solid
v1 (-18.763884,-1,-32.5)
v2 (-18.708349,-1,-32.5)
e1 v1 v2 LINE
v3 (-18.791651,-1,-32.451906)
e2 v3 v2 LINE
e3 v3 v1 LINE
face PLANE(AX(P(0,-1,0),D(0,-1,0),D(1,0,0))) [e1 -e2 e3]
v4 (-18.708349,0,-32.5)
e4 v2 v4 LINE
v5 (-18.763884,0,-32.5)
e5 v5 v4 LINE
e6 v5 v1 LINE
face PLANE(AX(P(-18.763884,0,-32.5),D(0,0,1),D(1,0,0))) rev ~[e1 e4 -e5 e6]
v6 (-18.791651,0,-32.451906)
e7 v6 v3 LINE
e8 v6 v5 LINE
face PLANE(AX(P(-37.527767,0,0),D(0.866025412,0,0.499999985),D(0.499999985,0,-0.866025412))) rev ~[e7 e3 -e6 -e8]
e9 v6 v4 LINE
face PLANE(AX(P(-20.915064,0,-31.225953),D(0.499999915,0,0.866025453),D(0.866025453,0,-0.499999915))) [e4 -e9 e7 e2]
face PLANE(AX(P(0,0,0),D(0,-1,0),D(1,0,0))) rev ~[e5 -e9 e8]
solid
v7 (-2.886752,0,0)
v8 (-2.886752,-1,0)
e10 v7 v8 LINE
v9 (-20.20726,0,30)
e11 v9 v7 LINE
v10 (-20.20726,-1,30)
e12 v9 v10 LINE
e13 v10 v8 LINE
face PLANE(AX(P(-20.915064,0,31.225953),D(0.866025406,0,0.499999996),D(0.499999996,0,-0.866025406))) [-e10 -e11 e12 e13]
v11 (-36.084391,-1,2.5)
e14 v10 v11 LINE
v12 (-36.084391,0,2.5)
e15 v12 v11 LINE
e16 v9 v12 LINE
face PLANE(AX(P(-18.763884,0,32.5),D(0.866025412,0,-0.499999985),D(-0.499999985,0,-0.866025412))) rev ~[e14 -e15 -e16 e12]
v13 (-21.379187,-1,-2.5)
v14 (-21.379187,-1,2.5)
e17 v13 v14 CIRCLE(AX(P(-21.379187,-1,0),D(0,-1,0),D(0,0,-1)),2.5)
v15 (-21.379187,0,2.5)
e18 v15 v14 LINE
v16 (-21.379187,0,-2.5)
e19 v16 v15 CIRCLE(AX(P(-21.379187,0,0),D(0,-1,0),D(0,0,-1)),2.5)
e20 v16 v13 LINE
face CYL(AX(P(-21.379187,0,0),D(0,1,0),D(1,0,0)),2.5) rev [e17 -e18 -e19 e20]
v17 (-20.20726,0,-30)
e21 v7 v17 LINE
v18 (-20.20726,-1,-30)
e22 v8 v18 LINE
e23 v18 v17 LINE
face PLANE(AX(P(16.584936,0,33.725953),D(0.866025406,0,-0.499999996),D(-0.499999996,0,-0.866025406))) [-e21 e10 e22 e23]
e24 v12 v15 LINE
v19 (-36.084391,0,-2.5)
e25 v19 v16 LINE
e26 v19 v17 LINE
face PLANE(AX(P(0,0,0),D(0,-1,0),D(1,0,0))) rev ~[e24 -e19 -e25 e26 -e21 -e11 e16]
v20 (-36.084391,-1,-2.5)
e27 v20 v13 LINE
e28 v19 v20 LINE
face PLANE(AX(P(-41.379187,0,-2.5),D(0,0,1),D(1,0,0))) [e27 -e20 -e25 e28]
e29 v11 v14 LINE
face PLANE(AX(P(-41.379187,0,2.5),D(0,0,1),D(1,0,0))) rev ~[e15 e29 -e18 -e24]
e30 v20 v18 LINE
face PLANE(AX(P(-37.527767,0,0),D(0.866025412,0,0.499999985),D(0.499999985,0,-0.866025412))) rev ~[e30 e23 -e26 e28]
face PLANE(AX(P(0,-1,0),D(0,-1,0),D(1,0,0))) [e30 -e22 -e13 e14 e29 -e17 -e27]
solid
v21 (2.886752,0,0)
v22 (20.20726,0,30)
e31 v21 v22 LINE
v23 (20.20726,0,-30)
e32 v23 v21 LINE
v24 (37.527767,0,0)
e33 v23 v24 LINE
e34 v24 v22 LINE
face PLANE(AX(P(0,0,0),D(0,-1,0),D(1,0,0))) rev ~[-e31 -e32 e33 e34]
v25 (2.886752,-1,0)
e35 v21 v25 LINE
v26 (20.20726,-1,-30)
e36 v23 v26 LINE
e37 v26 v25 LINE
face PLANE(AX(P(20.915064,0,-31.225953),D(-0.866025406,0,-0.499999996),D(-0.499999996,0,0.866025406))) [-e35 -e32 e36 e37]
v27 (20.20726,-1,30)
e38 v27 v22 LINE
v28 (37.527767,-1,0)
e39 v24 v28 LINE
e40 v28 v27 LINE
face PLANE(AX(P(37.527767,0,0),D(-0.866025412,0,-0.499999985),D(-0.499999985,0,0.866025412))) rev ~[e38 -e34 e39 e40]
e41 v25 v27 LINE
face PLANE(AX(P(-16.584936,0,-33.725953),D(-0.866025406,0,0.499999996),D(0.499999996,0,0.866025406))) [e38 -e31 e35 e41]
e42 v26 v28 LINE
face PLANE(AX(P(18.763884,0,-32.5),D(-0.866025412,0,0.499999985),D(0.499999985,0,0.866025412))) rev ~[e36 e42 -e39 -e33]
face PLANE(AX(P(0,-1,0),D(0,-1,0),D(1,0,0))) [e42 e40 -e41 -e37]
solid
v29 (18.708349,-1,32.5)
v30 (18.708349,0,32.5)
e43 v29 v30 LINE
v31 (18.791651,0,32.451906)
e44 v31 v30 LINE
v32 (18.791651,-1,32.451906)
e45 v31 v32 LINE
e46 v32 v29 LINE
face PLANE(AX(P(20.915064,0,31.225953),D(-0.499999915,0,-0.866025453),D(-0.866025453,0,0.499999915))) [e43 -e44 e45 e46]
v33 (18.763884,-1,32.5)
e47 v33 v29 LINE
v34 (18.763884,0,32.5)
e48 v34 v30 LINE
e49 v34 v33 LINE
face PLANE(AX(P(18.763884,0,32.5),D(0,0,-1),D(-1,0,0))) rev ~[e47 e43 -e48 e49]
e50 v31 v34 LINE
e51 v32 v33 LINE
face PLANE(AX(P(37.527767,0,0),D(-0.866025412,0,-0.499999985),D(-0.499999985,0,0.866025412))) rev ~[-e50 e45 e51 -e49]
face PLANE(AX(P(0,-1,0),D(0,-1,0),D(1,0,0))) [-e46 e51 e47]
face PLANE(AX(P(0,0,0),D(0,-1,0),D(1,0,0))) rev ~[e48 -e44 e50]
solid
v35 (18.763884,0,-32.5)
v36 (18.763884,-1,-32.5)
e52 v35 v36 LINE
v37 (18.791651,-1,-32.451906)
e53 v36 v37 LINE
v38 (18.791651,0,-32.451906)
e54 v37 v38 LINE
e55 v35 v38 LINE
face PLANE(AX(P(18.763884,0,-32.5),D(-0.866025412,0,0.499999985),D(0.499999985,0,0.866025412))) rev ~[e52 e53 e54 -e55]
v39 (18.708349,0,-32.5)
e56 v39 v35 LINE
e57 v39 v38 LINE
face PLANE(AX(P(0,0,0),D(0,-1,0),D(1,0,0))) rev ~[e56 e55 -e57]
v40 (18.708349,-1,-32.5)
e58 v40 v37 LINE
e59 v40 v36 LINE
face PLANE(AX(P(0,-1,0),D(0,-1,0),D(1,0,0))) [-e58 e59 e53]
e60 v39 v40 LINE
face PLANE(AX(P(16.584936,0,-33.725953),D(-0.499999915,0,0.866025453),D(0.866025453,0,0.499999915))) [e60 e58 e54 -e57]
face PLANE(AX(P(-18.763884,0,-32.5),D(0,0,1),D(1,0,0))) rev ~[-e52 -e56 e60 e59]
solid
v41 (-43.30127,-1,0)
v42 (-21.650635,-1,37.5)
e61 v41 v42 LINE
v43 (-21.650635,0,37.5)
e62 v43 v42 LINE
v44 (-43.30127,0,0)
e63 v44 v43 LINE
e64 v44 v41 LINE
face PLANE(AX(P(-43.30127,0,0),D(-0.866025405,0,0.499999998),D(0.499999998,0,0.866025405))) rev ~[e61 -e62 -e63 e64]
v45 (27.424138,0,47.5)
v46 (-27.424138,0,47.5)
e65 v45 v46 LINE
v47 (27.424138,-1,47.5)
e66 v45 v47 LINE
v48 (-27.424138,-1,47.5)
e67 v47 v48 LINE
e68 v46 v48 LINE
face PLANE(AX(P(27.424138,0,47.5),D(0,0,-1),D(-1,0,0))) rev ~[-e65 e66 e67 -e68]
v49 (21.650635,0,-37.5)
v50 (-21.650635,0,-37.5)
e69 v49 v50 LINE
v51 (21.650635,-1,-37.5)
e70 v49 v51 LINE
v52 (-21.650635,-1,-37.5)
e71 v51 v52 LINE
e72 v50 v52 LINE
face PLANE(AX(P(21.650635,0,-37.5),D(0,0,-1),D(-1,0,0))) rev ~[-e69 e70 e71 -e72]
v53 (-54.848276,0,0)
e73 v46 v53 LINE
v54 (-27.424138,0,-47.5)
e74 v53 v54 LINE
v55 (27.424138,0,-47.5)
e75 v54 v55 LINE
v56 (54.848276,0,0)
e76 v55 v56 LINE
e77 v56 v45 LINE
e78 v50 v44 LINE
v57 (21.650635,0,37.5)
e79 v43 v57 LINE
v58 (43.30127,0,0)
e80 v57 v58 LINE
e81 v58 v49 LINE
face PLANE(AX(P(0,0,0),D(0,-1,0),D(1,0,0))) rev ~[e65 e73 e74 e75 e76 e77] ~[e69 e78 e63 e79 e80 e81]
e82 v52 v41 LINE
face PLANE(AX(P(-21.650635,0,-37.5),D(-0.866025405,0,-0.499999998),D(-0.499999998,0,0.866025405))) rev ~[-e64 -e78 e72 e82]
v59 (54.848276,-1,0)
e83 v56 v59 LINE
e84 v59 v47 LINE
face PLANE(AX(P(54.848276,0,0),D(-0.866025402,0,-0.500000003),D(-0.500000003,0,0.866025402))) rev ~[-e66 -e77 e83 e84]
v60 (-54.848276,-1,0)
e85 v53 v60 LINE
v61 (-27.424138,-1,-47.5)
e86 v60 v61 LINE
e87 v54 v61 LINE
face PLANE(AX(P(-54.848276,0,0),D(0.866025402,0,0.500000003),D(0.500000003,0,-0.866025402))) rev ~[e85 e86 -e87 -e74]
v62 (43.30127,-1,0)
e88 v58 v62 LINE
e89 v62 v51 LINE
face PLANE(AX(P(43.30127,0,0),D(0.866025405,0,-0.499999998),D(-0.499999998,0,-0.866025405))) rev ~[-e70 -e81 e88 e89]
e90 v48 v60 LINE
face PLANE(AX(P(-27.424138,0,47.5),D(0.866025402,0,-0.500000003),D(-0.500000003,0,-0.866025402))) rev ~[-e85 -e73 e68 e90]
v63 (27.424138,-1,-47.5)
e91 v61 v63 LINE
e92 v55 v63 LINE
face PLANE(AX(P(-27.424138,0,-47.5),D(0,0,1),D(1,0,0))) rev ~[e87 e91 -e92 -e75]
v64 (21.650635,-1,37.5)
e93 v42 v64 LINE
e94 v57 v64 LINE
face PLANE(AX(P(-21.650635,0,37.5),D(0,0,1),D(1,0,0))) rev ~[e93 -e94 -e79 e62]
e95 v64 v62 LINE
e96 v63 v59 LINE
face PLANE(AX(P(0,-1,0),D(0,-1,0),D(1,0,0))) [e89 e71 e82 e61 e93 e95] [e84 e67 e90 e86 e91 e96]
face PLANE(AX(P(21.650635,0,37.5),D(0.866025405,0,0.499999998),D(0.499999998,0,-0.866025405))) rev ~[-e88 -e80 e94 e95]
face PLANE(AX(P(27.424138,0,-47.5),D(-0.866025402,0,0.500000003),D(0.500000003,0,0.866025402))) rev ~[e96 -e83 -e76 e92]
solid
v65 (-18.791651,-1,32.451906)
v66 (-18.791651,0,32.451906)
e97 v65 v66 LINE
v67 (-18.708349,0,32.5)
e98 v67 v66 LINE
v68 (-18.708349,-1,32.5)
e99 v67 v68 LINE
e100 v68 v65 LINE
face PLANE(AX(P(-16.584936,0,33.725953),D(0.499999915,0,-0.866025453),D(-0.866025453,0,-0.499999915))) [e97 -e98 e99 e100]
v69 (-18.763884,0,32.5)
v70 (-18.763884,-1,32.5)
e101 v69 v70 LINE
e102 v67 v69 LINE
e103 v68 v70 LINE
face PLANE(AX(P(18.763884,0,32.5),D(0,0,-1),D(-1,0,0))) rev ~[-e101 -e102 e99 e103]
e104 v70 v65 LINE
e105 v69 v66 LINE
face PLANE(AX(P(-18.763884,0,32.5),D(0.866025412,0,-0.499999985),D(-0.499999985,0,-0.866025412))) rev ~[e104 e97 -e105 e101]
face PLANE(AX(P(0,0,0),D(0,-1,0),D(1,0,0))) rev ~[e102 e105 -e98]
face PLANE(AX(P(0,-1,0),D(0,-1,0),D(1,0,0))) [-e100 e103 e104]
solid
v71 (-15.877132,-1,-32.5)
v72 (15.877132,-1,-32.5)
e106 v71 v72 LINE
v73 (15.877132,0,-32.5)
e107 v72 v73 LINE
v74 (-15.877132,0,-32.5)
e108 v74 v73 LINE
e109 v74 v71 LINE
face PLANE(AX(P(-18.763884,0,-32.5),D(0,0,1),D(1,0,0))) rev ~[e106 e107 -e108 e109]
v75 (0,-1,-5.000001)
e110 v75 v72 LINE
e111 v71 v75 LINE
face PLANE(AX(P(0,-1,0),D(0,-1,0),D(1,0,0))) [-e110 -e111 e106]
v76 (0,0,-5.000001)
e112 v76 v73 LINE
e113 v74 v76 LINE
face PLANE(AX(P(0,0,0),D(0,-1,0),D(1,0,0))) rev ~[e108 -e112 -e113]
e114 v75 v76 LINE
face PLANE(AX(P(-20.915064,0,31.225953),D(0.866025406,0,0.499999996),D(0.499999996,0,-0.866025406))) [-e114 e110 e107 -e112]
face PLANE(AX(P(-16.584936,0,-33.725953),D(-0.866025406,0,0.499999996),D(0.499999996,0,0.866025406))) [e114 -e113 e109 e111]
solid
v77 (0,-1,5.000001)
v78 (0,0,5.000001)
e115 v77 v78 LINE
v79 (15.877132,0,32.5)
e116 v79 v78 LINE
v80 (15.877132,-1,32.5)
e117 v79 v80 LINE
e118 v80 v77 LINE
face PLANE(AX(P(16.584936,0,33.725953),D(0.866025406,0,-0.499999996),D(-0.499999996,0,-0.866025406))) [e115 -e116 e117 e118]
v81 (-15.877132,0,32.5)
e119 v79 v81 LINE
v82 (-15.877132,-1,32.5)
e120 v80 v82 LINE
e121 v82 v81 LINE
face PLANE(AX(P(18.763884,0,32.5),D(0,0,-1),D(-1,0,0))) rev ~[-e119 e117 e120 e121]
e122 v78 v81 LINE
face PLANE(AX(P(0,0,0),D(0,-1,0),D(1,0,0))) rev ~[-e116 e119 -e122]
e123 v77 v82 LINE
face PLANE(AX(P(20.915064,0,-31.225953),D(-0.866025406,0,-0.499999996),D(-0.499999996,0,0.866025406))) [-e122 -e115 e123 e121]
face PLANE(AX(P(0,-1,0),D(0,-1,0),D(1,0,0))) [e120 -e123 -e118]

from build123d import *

# Parameters (mm, degrees)
F6_DEPTH = 1
F7_DEPTH = 1
F4_W     = 20
F4_H     = 5
F5_R     = 2.5
F8_DEPTH = 1


with BuildPart() as f6:
    # F0 (on Front) → F6 (new body)
    with BuildSketch(Plane.XZ):
        Polygon((-27.424138, -47.5), (27.424138, -47.5), (54.848276, 0), (27.424138, 47.5), (-27.424138, 47.5), (-54.848276, 0), align=None)
        Polygon((21.650635, 37.5), (43.30127, 0), (21.650635, -37.5), (-21.650635, -37.5), (-43.30127, 0), (-21.650635, 37.5), align=None, mode=Mode.SUBTRACT)
    extrude(amount=F6_DEPTH)


with BuildPart() as f7:
    # F3 (on Front) → F7 (new body)
    with BuildSketch(Plane.XZ):
        Polygon((-18.763884, -32.5), (18.763884, -32.5), (37.527767, 0), (18.763884, 32.5), (-18.763884, 32.5), (-37.527767, 0), align=None)
    extrude(amount=F7_DEPTH)

    # F1 (on Front) + F2 (on Front) + F4 (on Front) + F5 (on Front) → F8 (cut)
    with BuildSketch(Plane.XZ):
        Polygon((16.584936, 33.725953), (-20.915064, -31.225953), (-16.584936, -33.725953), (20.915064, 31.225953), align=None)
    with BuildSketch(Plane.XZ):
        Polygon((20.915064, -31.225953), (-16.584936, 33.725953), (-20.915064, 31.225953), (16.584936, -33.725953), align=None)
    with BuildSketch(Plane.XZ):
        with Locations((-31.379187, 0)):
            Rectangle(F4_W, F4_H)
    with BuildSketch(Plane.XZ):
        with Locations((-21.379187, 0)):
            Circle(F5_R)
    extrude(amount=F8_DEPTH, mode=Mode.SUBTRACT)


solid = Compound([f6.part, f7.part])
